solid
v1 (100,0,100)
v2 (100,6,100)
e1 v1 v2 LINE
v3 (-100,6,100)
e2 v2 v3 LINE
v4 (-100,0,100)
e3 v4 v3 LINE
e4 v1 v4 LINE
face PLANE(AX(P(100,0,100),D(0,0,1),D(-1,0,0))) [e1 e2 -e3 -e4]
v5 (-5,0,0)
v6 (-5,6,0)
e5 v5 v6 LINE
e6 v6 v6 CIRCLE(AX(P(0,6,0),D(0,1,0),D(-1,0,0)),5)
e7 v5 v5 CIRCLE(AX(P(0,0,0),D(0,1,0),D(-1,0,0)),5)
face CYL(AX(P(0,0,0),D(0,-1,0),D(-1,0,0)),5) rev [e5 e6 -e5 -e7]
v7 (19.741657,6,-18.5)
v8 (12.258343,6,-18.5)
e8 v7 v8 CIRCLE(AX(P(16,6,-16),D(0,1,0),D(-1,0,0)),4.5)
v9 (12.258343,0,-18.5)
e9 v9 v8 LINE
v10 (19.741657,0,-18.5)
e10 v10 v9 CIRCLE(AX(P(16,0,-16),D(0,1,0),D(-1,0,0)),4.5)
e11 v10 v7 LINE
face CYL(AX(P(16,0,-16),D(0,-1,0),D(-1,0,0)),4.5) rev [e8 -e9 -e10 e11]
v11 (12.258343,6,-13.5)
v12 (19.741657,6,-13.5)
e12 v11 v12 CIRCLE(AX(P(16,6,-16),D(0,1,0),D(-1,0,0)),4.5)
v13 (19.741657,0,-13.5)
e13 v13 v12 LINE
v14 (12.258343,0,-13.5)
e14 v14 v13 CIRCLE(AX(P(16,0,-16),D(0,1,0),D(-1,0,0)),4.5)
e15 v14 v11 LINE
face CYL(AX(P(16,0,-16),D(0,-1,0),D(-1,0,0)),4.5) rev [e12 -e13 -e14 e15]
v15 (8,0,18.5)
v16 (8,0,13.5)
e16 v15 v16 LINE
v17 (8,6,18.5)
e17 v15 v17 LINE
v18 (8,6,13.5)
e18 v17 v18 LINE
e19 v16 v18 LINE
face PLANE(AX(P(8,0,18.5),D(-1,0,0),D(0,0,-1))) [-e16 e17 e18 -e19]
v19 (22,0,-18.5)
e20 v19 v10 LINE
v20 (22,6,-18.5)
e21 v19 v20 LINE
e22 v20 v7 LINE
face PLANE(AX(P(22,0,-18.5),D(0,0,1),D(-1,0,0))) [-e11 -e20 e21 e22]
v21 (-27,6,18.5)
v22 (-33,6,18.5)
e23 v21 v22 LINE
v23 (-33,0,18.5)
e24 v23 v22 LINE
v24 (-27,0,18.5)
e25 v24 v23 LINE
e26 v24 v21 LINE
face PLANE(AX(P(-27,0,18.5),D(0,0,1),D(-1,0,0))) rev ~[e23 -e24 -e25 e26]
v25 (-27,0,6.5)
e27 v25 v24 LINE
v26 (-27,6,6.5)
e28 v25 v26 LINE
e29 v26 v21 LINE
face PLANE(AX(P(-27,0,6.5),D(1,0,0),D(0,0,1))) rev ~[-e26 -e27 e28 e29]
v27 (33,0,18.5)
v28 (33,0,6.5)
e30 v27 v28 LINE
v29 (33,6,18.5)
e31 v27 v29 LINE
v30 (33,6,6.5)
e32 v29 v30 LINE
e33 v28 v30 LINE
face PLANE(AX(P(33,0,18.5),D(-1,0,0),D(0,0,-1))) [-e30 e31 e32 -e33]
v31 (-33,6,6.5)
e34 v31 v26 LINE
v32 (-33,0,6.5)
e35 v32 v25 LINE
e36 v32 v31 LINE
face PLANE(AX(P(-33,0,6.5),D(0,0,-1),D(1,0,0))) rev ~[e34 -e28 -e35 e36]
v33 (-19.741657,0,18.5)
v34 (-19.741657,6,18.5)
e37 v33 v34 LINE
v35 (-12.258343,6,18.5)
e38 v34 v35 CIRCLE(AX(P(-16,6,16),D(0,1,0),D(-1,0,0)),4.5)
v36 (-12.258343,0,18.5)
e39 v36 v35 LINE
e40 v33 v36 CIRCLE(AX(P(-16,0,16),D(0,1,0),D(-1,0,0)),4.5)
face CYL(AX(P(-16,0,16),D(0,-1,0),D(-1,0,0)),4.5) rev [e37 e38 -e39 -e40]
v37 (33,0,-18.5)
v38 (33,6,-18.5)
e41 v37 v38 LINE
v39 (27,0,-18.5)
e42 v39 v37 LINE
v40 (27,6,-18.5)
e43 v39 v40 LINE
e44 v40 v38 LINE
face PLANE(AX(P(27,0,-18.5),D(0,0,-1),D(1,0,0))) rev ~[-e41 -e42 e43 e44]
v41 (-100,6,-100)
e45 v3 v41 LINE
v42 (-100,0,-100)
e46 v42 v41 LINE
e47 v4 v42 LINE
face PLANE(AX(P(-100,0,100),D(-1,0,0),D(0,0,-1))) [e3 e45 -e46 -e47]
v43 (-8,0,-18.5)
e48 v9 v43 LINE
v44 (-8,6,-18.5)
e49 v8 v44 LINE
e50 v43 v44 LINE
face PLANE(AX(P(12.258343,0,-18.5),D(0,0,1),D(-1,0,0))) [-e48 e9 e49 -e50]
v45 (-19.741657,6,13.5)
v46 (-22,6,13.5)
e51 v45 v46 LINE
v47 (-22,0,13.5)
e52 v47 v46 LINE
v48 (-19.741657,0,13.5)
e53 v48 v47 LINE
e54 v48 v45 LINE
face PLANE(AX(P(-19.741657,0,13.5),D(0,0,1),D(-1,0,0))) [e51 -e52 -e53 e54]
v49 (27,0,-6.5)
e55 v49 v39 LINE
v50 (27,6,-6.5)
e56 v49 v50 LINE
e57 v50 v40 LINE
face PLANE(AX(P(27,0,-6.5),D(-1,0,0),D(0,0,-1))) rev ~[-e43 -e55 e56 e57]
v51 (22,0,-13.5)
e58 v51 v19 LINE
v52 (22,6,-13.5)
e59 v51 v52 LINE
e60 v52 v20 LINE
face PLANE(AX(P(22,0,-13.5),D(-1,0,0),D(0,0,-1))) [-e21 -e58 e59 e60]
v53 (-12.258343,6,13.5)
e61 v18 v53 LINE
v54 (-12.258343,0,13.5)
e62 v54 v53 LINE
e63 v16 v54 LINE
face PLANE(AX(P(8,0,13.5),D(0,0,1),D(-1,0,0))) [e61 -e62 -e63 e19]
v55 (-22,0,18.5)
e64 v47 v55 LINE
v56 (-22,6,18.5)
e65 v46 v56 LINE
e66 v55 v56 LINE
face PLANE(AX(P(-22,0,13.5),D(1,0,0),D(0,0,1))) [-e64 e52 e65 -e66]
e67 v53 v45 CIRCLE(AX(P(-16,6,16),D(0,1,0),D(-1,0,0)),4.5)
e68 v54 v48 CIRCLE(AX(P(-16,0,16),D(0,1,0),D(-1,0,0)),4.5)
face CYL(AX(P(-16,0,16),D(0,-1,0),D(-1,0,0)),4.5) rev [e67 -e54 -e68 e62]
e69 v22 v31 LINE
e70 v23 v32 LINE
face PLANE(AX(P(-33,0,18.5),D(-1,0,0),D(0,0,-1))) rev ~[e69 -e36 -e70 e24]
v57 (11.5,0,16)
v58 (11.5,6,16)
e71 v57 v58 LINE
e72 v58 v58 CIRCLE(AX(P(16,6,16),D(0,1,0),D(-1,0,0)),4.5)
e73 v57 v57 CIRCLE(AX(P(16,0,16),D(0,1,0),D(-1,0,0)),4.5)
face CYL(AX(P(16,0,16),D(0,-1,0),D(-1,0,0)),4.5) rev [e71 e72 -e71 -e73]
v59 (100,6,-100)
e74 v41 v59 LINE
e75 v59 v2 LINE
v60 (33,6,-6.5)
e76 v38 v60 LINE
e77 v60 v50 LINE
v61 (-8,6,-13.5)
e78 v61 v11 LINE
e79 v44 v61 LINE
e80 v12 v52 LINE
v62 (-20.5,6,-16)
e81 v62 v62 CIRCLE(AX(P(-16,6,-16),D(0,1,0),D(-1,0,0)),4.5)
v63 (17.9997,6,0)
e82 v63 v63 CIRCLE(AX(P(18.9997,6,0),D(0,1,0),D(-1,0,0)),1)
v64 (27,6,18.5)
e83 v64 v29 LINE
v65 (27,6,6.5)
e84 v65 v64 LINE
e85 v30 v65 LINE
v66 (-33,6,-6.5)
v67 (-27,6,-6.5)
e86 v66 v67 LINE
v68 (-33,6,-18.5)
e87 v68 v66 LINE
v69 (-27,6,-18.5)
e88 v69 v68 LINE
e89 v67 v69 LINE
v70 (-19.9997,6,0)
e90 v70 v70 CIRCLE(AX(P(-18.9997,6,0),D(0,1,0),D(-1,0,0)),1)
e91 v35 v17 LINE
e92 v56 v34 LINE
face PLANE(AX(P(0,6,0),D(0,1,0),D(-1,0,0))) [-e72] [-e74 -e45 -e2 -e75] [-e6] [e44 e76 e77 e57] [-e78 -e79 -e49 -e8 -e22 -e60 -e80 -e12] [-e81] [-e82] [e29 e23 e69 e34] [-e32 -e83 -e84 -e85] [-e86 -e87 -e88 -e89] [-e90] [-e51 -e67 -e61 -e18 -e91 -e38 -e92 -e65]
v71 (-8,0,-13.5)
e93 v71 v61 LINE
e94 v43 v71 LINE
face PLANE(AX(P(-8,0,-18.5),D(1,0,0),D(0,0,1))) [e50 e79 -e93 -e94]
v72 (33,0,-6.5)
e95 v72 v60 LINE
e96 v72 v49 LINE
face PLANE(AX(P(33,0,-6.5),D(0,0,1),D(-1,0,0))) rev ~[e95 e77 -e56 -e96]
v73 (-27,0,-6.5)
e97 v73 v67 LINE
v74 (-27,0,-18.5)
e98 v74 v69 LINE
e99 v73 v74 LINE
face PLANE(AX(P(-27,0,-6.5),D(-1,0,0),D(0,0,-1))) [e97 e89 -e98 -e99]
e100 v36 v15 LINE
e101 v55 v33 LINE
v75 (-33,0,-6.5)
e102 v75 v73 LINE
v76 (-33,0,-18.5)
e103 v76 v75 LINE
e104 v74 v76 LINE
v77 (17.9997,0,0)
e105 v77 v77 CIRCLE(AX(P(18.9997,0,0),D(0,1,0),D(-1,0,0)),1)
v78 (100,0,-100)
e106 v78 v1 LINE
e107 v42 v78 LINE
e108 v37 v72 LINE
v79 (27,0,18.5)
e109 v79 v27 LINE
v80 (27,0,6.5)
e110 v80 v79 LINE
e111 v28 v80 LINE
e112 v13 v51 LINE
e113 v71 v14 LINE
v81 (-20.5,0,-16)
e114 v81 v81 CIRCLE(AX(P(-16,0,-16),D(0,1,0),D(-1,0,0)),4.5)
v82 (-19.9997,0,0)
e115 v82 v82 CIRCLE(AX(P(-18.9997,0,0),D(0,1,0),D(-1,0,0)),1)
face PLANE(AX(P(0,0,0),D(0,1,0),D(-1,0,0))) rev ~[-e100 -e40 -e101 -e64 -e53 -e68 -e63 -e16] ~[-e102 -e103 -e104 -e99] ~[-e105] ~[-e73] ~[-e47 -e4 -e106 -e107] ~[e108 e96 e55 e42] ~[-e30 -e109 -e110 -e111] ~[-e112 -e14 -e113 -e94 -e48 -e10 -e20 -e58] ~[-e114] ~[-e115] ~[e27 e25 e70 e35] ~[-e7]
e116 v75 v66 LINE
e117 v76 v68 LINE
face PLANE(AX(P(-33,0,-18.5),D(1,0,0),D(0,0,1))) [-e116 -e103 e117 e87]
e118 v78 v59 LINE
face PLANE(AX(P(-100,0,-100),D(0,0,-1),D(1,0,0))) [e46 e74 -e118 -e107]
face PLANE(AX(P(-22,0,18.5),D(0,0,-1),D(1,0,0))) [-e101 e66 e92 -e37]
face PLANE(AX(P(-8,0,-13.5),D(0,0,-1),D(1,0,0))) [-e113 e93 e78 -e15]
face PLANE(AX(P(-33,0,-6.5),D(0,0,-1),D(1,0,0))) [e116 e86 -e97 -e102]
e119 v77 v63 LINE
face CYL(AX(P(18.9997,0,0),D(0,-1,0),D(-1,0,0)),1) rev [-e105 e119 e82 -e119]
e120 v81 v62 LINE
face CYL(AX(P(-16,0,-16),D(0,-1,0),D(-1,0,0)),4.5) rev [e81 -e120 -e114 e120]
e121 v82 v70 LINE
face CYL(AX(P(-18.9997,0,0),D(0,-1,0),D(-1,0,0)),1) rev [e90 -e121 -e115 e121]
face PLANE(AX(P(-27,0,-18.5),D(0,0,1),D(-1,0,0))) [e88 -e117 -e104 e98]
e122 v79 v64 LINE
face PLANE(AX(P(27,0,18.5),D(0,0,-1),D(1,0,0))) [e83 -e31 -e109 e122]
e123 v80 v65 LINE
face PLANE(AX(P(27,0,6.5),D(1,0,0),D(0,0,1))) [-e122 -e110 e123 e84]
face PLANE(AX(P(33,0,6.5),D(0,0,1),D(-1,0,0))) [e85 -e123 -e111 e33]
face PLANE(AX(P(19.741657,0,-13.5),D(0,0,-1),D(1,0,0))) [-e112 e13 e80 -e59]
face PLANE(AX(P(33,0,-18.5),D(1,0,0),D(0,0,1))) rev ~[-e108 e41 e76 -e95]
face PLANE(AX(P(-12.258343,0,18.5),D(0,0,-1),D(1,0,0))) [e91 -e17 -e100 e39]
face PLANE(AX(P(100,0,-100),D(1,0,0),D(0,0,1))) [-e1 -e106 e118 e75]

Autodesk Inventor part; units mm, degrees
ref_plane "YZ Plane" through (0, 0, 0) normal (1, 0, 0) x (0, 1, 0)
ref_plane "XZ Plane" through (0, 0, 0) normal (0, 1, 0) x (-1, 0, 0)
ref_plane "XY Plane" through (0, 0, 0) normal (0, 0, 1) x (1, 0, 0)
sketch "Sketch1" plane through (0, 0, 0) normal (0, 1, 0) x (-1, 0, 0)
  point P0 (0, 0)
sketch "Sketch2" plane through (0, 0, 0) normal (0, 1, 0) x (-1, 0, 0)
  line L0 (-100, 100) -> (100, 100)
  line L1 (100, 100) -> (100, -100)
  line L2 (100, -100) -> (-100, -100)
  line L3 (-100, -100) -> (-100, 100)
  line L4 (-100, 100) -> (100, -100) construction
  line L5 (100, 100) -> (-100, -100) construction
  line L6 (27, -18.5) -> (33, -18.5)
  line L7 (33, -18.5) -> (33, -6.5)
  line L8 (33, -6.5) -> (27, -6.5)
  line L9 (27, -6.5) -> (27, -18.5)
  line L10 (27, -18.5) -> (33, -6.5) construction
  line L11 (33, -18.5) -> (27, -6.5) construction
  line L12 (0, 100) -> (0, -100) construction
  line L13 (100, 0) -> (-100, 0) construction
  circle A0 centre (0, 0) radius 5
  circle A1 centre (16, -16) radius 4.5
  circle A2 centre (-16, 16) radius 4.5
  line L14 (8, -13.5) -> (-22, -13.5)
  line L15 (-22, -13.5) -> (-22, -18.5)
  line L16 (-22, -18.5) -> (8, -18.5)
  line L17 (8, -18.5) -> (8, -13.5)
  line L18 (-8, 13.5) -> (22, 13.5)
  line L19 (22, 13.5) -> (22, 18.5)
  line L20 (22, 18.5) -> (-8, 18.5)
  line L21 (-8, 18.5) -> (-8, 13.5)
  circle A3 centre (18.9997, 0) radius 1
  circle A4 centre (-18.9997, 0) radius 1
  line L22 (27, 18.5) -> (33, 18.5)
  line L23 (33, 18.5) -> (33, 6.5)
  line L24 (33, 6.5) -> (27, 6.5)
  line L25 (27, 6.5) -> (27, 18.5)
  line L26 (27, 18.5) -> (33, 6.5) construction
  line L27 (33, 18.5) -> (27, 6.5) construction
  line L28 (-27, -18.5) -> (-33, -18.5)
  line L29 (-33, -18.5) -> (-33, -6.5)
  line L30 (-33, -6.5) -> (-27, -6.5)
  line L31 (-27, -6.5) -> (-27, -18.5)
  line L32 (-27, -18.5) -> (-33, -6.5) construction
  line L33 (-33, -18.5) -> (-27, -6.5) construction
  line L34 (-27, 6.5) -> (-27, 18.5)
  line L35 (-27, 18.5) -> (-33, 18.5)
  line L36 (-33, 18.5) -> (-33, 6.5)
  line L37 (-27, 18.5) -> (-33, 6.5) construction
  line L38 (-33, 18.5) -> (-27, 6.5) construction
  line L39 (-33, 6.5) -> (-27, 6.5)
  circle A5 centre (16, 16) radius 4.5
  circle A6 centre (-16, -16) radius 4.5
  point P0 (30, -12.5)
  point P1 (30, 12.5)
  point P2 (-30, -12.5)
  point P3 (-30, 12.5)
  dimension "d0" = 200
  dimension "d1" = 200
  dimension "d3" = 12
  dimension "d5" = 10
  dimension "d8" = 9
  dimension "d10" = 16
  dimension "d11" = 16
  dimension "d15" = 30
  dimension "d16" = 5
  dimension "d17" = 13.5
  dimension "d18" = 8
  dimension "d19" = 30
  dimension "d20" = 5
  dimension "d21" = 13.5
  dimension "d22" = 8
  dimension "d23" = 2
  dimension "d24" = 8.0003
  dimension "d27" = 6
  dimension "d30" = 30
extrude "Extrusion1" add sketch "Sketch2" along normal blind 6
properties part number "thumper-base-v2"
